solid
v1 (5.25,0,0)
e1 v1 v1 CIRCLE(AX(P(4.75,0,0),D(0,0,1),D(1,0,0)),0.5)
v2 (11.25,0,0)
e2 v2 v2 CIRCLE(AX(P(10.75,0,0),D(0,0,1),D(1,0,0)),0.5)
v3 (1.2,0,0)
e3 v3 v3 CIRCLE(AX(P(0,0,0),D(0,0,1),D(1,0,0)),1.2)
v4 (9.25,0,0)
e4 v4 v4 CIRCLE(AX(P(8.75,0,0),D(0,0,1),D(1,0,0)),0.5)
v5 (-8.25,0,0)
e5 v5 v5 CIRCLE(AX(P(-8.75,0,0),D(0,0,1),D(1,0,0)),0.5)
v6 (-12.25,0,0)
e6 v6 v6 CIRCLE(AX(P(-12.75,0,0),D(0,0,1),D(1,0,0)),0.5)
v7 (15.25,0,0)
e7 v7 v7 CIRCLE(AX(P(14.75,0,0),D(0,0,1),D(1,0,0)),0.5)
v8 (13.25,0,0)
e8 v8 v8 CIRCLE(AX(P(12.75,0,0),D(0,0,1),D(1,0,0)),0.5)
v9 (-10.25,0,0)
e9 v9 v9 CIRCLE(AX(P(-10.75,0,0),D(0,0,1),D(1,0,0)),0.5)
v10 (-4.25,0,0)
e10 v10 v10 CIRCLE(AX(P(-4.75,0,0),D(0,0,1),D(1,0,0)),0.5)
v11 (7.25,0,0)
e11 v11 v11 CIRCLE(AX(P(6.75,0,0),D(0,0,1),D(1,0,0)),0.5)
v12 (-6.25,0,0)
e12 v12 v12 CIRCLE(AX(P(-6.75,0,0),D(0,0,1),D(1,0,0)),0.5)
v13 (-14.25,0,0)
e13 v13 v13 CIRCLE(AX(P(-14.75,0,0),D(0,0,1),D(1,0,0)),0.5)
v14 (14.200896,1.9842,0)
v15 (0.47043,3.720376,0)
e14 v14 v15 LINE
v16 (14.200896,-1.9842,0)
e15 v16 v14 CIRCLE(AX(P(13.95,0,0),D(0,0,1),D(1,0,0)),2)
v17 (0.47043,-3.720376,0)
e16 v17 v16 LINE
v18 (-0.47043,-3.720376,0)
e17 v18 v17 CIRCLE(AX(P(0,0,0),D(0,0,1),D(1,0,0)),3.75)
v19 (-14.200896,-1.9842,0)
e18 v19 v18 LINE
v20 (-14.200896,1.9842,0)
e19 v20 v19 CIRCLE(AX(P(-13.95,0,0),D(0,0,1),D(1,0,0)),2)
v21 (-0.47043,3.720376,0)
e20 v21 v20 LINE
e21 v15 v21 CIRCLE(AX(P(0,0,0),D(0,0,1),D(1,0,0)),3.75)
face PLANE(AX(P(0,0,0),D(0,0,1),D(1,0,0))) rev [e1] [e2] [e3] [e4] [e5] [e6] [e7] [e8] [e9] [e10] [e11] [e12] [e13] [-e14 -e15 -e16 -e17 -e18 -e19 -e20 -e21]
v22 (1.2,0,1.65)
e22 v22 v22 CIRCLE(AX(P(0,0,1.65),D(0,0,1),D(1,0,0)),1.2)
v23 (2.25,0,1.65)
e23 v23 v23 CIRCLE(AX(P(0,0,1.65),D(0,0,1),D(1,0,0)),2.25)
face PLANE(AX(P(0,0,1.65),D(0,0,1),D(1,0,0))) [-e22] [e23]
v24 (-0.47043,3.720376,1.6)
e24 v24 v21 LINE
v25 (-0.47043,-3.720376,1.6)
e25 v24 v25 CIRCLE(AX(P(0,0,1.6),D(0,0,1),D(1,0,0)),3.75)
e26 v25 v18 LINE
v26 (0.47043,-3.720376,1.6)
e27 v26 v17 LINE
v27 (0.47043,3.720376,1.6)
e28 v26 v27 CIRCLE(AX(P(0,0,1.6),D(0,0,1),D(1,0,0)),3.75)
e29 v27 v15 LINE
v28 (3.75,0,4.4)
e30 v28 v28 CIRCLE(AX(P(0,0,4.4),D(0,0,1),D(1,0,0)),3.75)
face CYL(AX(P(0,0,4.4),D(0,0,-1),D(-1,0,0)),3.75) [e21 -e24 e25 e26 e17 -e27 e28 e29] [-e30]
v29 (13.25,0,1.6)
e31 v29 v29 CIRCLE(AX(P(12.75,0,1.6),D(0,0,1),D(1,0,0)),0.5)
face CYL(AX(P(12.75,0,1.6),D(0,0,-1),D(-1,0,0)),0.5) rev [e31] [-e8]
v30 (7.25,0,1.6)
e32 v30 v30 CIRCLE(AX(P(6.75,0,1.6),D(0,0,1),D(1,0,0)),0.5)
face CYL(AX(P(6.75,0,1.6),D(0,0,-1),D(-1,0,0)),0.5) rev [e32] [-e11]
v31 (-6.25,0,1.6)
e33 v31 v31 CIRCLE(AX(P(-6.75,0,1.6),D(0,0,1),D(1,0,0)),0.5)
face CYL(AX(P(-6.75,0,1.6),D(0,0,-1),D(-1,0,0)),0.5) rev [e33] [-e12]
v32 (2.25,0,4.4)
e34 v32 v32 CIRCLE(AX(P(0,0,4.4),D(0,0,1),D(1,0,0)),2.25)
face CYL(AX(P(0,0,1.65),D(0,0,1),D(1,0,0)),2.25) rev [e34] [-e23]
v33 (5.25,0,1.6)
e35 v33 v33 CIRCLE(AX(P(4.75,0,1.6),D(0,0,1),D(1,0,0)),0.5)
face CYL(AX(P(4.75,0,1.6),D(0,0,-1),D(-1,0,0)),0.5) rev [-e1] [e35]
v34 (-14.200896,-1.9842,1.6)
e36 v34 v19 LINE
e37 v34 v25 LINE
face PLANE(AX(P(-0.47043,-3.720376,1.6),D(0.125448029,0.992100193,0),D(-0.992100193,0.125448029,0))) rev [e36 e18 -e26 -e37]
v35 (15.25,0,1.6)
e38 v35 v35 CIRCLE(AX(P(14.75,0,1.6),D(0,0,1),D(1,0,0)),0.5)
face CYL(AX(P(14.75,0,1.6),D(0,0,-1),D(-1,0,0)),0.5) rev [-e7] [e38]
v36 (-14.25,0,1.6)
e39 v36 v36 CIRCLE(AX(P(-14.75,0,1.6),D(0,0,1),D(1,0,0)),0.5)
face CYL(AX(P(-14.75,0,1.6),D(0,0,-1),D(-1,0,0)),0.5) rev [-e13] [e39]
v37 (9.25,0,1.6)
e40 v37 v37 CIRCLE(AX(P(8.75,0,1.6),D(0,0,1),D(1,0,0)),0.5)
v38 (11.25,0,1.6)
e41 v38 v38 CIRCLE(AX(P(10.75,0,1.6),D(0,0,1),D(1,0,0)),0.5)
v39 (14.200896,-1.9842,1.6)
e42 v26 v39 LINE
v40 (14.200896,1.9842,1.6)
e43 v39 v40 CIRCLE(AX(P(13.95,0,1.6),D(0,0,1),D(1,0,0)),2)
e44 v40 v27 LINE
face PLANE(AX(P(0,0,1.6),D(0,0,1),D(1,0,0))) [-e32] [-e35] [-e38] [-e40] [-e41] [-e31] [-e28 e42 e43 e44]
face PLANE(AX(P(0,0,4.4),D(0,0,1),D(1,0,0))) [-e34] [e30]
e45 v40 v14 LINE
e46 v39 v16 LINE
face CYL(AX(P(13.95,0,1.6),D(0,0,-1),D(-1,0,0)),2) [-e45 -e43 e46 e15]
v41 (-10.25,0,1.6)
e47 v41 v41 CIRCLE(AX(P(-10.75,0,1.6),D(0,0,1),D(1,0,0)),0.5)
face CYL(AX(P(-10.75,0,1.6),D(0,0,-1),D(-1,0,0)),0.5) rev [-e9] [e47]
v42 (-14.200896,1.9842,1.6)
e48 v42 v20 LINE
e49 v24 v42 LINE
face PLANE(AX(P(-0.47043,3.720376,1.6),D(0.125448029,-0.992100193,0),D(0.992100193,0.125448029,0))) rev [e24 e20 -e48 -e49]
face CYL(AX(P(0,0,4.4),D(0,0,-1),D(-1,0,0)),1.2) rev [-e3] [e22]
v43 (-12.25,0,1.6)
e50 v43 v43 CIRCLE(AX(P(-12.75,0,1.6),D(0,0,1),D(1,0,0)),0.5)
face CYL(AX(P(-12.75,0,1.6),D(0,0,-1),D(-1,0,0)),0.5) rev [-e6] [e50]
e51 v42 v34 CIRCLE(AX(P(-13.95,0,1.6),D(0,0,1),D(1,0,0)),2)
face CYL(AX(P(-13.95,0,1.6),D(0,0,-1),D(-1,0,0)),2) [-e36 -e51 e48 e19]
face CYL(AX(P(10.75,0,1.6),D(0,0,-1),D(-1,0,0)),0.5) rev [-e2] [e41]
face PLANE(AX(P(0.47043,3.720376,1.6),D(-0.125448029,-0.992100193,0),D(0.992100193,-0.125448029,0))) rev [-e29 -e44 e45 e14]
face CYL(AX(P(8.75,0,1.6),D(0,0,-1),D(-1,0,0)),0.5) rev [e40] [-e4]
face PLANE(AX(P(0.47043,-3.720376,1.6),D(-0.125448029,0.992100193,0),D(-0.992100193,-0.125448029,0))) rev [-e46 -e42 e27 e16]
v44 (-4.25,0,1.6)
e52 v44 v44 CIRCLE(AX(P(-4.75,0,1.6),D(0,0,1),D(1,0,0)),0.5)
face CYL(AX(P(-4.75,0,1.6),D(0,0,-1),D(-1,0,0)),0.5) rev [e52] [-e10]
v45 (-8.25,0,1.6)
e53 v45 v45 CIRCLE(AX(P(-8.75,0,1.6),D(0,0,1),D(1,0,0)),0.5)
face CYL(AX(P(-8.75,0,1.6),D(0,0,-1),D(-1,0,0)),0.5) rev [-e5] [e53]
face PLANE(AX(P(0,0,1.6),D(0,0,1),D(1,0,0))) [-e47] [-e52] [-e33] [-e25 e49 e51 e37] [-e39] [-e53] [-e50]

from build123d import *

# Parameters (mm, degrees)
SKETCH1_R             = 0.5
BOSS_EXTRUDE1_DEPTH   = 1.6
BOSS_EXTRUDE1_2_DEPTH = 1.6
SKETCH1_4_R           = 3.75
SKETCH1_4_R_2         = 1.2
BOSS_EXTRUDE2_DEPTH   = 4.4
SKETCH2_R             = 2.25
CUT_EXTRUDE1_DEPTH    = 2.75


with BuildPart() as part:
    # Sketch1 → Boss-Extrude1 (new body)
    with BuildSketch(Plane.XY):
        with BuildLine():
            ThreePointArc((0.470430108, 3.720375722), (3.75, 0), (0.470430108, -3.720375722))
            Line((0.470430108, -3.720375722), (14.200896057, -1.984200385))
            ThreePointArc((14.200896057, -1.984200385), (15.95, 0), (14.200896057, 1.984200385))
            Line((14.200896057, 1.984200385), (0.470430108, 3.720375722))
        make_face()
        with Locations((14.75, 0)):
            Circle(SKETCH1_R, mode=Mode.SUBTRACT)
        with Locations((12.75, 0)):
            Circle(SKETCH1_R, mode=Mode.SUBTRACT)
        with Locations((10.75, 0)):
            Circle(SKETCH1_R, mode=Mode.SUBTRACT)
        with Locations((8.75, 0)):
            Circle(SKETCH1_R, mode=Mode.SUBTRACT)
        with Locations((6.75, 0)):
            Circle(SKETCH1_R, mode=Mode.SUBTRACT)
        with Locations((4.75, 0)):
            Circle(SKETCH1_R, mode=Mode.SUBTRACT)
    extrude(amount=BOSS_EXTRUDE1_DEPTH)



with BuildPart() as body_2:
    # Sketch1 → Boss-Extrude1 2 (new body)
    with BuildSketch(Plane.XY):
        with BuildLine():
            ThreePointArc((-0.470430108, -3.720375722), (-3.75, 0), (-0.470430108, 3.720375722))
            Line((-0.470430108, 3.720375722), (-14.200896057, 1.984200385))
            ThreePointArc((-14.200896057, 1.984200385), (-15.95, 0), (-14.200896057, -1.984200385))
            Line((-14.200896057, -1.984200385), (-0.470430108, -3.720375722))
        make_face()
        with Locations((-14.75, 0)):
            Circle(SKETCH1_R, mode=Mode.SUBTRACT)
        with Locations((-12.75, 0)):
            Circle(SKETCH1_R, mode=Mode.SUBTRACT)
        with Locations((-10.75, 0)):
            Circle(SKETCH1_R, mode=Mode.SUBTRACT)
        with Locations((-8.75, 0)):
            Circle(SKETCH1_R, mode=Mode.SUBTRACT)
        with Locations((-6.75, 0)):
            Circle(SKETCH1_R, mode=Mode.SUBTRACT)
        with Locations((-4.75, 0)):
            Circle(SKETCH1_R, mode=Mode.SUBTRACT)
    extrude(amount=BOSS_EXTRUDE1_2_DEPTH)


with BuildPart() as part_1:
    add(part.part)

    add(body_2.part)  # Boss-Extrude2 merges body 2
    # Sketch1<4> → Boss-Extrude2 (add)
    with BuildSketch(Plane.XY):
        Circle(SKETCH1_4_R)
        Circle(SKETCH1_4_R_2, mode=Mode.SUBTRACT)
    extrude(amount=BOSS_EXTRUDE2_DEPTH)

    # Sketch2 → Cut-Extrude1 (cut)
    with BuildSketch(Plane.XY.offset(4.4)):
        Circle(SKETCH2_R)
    extrude(amount=-CUT_EXTRUDE1_DEPTH, mode=Mode.SUBTRACT)


solid = part_1.part
